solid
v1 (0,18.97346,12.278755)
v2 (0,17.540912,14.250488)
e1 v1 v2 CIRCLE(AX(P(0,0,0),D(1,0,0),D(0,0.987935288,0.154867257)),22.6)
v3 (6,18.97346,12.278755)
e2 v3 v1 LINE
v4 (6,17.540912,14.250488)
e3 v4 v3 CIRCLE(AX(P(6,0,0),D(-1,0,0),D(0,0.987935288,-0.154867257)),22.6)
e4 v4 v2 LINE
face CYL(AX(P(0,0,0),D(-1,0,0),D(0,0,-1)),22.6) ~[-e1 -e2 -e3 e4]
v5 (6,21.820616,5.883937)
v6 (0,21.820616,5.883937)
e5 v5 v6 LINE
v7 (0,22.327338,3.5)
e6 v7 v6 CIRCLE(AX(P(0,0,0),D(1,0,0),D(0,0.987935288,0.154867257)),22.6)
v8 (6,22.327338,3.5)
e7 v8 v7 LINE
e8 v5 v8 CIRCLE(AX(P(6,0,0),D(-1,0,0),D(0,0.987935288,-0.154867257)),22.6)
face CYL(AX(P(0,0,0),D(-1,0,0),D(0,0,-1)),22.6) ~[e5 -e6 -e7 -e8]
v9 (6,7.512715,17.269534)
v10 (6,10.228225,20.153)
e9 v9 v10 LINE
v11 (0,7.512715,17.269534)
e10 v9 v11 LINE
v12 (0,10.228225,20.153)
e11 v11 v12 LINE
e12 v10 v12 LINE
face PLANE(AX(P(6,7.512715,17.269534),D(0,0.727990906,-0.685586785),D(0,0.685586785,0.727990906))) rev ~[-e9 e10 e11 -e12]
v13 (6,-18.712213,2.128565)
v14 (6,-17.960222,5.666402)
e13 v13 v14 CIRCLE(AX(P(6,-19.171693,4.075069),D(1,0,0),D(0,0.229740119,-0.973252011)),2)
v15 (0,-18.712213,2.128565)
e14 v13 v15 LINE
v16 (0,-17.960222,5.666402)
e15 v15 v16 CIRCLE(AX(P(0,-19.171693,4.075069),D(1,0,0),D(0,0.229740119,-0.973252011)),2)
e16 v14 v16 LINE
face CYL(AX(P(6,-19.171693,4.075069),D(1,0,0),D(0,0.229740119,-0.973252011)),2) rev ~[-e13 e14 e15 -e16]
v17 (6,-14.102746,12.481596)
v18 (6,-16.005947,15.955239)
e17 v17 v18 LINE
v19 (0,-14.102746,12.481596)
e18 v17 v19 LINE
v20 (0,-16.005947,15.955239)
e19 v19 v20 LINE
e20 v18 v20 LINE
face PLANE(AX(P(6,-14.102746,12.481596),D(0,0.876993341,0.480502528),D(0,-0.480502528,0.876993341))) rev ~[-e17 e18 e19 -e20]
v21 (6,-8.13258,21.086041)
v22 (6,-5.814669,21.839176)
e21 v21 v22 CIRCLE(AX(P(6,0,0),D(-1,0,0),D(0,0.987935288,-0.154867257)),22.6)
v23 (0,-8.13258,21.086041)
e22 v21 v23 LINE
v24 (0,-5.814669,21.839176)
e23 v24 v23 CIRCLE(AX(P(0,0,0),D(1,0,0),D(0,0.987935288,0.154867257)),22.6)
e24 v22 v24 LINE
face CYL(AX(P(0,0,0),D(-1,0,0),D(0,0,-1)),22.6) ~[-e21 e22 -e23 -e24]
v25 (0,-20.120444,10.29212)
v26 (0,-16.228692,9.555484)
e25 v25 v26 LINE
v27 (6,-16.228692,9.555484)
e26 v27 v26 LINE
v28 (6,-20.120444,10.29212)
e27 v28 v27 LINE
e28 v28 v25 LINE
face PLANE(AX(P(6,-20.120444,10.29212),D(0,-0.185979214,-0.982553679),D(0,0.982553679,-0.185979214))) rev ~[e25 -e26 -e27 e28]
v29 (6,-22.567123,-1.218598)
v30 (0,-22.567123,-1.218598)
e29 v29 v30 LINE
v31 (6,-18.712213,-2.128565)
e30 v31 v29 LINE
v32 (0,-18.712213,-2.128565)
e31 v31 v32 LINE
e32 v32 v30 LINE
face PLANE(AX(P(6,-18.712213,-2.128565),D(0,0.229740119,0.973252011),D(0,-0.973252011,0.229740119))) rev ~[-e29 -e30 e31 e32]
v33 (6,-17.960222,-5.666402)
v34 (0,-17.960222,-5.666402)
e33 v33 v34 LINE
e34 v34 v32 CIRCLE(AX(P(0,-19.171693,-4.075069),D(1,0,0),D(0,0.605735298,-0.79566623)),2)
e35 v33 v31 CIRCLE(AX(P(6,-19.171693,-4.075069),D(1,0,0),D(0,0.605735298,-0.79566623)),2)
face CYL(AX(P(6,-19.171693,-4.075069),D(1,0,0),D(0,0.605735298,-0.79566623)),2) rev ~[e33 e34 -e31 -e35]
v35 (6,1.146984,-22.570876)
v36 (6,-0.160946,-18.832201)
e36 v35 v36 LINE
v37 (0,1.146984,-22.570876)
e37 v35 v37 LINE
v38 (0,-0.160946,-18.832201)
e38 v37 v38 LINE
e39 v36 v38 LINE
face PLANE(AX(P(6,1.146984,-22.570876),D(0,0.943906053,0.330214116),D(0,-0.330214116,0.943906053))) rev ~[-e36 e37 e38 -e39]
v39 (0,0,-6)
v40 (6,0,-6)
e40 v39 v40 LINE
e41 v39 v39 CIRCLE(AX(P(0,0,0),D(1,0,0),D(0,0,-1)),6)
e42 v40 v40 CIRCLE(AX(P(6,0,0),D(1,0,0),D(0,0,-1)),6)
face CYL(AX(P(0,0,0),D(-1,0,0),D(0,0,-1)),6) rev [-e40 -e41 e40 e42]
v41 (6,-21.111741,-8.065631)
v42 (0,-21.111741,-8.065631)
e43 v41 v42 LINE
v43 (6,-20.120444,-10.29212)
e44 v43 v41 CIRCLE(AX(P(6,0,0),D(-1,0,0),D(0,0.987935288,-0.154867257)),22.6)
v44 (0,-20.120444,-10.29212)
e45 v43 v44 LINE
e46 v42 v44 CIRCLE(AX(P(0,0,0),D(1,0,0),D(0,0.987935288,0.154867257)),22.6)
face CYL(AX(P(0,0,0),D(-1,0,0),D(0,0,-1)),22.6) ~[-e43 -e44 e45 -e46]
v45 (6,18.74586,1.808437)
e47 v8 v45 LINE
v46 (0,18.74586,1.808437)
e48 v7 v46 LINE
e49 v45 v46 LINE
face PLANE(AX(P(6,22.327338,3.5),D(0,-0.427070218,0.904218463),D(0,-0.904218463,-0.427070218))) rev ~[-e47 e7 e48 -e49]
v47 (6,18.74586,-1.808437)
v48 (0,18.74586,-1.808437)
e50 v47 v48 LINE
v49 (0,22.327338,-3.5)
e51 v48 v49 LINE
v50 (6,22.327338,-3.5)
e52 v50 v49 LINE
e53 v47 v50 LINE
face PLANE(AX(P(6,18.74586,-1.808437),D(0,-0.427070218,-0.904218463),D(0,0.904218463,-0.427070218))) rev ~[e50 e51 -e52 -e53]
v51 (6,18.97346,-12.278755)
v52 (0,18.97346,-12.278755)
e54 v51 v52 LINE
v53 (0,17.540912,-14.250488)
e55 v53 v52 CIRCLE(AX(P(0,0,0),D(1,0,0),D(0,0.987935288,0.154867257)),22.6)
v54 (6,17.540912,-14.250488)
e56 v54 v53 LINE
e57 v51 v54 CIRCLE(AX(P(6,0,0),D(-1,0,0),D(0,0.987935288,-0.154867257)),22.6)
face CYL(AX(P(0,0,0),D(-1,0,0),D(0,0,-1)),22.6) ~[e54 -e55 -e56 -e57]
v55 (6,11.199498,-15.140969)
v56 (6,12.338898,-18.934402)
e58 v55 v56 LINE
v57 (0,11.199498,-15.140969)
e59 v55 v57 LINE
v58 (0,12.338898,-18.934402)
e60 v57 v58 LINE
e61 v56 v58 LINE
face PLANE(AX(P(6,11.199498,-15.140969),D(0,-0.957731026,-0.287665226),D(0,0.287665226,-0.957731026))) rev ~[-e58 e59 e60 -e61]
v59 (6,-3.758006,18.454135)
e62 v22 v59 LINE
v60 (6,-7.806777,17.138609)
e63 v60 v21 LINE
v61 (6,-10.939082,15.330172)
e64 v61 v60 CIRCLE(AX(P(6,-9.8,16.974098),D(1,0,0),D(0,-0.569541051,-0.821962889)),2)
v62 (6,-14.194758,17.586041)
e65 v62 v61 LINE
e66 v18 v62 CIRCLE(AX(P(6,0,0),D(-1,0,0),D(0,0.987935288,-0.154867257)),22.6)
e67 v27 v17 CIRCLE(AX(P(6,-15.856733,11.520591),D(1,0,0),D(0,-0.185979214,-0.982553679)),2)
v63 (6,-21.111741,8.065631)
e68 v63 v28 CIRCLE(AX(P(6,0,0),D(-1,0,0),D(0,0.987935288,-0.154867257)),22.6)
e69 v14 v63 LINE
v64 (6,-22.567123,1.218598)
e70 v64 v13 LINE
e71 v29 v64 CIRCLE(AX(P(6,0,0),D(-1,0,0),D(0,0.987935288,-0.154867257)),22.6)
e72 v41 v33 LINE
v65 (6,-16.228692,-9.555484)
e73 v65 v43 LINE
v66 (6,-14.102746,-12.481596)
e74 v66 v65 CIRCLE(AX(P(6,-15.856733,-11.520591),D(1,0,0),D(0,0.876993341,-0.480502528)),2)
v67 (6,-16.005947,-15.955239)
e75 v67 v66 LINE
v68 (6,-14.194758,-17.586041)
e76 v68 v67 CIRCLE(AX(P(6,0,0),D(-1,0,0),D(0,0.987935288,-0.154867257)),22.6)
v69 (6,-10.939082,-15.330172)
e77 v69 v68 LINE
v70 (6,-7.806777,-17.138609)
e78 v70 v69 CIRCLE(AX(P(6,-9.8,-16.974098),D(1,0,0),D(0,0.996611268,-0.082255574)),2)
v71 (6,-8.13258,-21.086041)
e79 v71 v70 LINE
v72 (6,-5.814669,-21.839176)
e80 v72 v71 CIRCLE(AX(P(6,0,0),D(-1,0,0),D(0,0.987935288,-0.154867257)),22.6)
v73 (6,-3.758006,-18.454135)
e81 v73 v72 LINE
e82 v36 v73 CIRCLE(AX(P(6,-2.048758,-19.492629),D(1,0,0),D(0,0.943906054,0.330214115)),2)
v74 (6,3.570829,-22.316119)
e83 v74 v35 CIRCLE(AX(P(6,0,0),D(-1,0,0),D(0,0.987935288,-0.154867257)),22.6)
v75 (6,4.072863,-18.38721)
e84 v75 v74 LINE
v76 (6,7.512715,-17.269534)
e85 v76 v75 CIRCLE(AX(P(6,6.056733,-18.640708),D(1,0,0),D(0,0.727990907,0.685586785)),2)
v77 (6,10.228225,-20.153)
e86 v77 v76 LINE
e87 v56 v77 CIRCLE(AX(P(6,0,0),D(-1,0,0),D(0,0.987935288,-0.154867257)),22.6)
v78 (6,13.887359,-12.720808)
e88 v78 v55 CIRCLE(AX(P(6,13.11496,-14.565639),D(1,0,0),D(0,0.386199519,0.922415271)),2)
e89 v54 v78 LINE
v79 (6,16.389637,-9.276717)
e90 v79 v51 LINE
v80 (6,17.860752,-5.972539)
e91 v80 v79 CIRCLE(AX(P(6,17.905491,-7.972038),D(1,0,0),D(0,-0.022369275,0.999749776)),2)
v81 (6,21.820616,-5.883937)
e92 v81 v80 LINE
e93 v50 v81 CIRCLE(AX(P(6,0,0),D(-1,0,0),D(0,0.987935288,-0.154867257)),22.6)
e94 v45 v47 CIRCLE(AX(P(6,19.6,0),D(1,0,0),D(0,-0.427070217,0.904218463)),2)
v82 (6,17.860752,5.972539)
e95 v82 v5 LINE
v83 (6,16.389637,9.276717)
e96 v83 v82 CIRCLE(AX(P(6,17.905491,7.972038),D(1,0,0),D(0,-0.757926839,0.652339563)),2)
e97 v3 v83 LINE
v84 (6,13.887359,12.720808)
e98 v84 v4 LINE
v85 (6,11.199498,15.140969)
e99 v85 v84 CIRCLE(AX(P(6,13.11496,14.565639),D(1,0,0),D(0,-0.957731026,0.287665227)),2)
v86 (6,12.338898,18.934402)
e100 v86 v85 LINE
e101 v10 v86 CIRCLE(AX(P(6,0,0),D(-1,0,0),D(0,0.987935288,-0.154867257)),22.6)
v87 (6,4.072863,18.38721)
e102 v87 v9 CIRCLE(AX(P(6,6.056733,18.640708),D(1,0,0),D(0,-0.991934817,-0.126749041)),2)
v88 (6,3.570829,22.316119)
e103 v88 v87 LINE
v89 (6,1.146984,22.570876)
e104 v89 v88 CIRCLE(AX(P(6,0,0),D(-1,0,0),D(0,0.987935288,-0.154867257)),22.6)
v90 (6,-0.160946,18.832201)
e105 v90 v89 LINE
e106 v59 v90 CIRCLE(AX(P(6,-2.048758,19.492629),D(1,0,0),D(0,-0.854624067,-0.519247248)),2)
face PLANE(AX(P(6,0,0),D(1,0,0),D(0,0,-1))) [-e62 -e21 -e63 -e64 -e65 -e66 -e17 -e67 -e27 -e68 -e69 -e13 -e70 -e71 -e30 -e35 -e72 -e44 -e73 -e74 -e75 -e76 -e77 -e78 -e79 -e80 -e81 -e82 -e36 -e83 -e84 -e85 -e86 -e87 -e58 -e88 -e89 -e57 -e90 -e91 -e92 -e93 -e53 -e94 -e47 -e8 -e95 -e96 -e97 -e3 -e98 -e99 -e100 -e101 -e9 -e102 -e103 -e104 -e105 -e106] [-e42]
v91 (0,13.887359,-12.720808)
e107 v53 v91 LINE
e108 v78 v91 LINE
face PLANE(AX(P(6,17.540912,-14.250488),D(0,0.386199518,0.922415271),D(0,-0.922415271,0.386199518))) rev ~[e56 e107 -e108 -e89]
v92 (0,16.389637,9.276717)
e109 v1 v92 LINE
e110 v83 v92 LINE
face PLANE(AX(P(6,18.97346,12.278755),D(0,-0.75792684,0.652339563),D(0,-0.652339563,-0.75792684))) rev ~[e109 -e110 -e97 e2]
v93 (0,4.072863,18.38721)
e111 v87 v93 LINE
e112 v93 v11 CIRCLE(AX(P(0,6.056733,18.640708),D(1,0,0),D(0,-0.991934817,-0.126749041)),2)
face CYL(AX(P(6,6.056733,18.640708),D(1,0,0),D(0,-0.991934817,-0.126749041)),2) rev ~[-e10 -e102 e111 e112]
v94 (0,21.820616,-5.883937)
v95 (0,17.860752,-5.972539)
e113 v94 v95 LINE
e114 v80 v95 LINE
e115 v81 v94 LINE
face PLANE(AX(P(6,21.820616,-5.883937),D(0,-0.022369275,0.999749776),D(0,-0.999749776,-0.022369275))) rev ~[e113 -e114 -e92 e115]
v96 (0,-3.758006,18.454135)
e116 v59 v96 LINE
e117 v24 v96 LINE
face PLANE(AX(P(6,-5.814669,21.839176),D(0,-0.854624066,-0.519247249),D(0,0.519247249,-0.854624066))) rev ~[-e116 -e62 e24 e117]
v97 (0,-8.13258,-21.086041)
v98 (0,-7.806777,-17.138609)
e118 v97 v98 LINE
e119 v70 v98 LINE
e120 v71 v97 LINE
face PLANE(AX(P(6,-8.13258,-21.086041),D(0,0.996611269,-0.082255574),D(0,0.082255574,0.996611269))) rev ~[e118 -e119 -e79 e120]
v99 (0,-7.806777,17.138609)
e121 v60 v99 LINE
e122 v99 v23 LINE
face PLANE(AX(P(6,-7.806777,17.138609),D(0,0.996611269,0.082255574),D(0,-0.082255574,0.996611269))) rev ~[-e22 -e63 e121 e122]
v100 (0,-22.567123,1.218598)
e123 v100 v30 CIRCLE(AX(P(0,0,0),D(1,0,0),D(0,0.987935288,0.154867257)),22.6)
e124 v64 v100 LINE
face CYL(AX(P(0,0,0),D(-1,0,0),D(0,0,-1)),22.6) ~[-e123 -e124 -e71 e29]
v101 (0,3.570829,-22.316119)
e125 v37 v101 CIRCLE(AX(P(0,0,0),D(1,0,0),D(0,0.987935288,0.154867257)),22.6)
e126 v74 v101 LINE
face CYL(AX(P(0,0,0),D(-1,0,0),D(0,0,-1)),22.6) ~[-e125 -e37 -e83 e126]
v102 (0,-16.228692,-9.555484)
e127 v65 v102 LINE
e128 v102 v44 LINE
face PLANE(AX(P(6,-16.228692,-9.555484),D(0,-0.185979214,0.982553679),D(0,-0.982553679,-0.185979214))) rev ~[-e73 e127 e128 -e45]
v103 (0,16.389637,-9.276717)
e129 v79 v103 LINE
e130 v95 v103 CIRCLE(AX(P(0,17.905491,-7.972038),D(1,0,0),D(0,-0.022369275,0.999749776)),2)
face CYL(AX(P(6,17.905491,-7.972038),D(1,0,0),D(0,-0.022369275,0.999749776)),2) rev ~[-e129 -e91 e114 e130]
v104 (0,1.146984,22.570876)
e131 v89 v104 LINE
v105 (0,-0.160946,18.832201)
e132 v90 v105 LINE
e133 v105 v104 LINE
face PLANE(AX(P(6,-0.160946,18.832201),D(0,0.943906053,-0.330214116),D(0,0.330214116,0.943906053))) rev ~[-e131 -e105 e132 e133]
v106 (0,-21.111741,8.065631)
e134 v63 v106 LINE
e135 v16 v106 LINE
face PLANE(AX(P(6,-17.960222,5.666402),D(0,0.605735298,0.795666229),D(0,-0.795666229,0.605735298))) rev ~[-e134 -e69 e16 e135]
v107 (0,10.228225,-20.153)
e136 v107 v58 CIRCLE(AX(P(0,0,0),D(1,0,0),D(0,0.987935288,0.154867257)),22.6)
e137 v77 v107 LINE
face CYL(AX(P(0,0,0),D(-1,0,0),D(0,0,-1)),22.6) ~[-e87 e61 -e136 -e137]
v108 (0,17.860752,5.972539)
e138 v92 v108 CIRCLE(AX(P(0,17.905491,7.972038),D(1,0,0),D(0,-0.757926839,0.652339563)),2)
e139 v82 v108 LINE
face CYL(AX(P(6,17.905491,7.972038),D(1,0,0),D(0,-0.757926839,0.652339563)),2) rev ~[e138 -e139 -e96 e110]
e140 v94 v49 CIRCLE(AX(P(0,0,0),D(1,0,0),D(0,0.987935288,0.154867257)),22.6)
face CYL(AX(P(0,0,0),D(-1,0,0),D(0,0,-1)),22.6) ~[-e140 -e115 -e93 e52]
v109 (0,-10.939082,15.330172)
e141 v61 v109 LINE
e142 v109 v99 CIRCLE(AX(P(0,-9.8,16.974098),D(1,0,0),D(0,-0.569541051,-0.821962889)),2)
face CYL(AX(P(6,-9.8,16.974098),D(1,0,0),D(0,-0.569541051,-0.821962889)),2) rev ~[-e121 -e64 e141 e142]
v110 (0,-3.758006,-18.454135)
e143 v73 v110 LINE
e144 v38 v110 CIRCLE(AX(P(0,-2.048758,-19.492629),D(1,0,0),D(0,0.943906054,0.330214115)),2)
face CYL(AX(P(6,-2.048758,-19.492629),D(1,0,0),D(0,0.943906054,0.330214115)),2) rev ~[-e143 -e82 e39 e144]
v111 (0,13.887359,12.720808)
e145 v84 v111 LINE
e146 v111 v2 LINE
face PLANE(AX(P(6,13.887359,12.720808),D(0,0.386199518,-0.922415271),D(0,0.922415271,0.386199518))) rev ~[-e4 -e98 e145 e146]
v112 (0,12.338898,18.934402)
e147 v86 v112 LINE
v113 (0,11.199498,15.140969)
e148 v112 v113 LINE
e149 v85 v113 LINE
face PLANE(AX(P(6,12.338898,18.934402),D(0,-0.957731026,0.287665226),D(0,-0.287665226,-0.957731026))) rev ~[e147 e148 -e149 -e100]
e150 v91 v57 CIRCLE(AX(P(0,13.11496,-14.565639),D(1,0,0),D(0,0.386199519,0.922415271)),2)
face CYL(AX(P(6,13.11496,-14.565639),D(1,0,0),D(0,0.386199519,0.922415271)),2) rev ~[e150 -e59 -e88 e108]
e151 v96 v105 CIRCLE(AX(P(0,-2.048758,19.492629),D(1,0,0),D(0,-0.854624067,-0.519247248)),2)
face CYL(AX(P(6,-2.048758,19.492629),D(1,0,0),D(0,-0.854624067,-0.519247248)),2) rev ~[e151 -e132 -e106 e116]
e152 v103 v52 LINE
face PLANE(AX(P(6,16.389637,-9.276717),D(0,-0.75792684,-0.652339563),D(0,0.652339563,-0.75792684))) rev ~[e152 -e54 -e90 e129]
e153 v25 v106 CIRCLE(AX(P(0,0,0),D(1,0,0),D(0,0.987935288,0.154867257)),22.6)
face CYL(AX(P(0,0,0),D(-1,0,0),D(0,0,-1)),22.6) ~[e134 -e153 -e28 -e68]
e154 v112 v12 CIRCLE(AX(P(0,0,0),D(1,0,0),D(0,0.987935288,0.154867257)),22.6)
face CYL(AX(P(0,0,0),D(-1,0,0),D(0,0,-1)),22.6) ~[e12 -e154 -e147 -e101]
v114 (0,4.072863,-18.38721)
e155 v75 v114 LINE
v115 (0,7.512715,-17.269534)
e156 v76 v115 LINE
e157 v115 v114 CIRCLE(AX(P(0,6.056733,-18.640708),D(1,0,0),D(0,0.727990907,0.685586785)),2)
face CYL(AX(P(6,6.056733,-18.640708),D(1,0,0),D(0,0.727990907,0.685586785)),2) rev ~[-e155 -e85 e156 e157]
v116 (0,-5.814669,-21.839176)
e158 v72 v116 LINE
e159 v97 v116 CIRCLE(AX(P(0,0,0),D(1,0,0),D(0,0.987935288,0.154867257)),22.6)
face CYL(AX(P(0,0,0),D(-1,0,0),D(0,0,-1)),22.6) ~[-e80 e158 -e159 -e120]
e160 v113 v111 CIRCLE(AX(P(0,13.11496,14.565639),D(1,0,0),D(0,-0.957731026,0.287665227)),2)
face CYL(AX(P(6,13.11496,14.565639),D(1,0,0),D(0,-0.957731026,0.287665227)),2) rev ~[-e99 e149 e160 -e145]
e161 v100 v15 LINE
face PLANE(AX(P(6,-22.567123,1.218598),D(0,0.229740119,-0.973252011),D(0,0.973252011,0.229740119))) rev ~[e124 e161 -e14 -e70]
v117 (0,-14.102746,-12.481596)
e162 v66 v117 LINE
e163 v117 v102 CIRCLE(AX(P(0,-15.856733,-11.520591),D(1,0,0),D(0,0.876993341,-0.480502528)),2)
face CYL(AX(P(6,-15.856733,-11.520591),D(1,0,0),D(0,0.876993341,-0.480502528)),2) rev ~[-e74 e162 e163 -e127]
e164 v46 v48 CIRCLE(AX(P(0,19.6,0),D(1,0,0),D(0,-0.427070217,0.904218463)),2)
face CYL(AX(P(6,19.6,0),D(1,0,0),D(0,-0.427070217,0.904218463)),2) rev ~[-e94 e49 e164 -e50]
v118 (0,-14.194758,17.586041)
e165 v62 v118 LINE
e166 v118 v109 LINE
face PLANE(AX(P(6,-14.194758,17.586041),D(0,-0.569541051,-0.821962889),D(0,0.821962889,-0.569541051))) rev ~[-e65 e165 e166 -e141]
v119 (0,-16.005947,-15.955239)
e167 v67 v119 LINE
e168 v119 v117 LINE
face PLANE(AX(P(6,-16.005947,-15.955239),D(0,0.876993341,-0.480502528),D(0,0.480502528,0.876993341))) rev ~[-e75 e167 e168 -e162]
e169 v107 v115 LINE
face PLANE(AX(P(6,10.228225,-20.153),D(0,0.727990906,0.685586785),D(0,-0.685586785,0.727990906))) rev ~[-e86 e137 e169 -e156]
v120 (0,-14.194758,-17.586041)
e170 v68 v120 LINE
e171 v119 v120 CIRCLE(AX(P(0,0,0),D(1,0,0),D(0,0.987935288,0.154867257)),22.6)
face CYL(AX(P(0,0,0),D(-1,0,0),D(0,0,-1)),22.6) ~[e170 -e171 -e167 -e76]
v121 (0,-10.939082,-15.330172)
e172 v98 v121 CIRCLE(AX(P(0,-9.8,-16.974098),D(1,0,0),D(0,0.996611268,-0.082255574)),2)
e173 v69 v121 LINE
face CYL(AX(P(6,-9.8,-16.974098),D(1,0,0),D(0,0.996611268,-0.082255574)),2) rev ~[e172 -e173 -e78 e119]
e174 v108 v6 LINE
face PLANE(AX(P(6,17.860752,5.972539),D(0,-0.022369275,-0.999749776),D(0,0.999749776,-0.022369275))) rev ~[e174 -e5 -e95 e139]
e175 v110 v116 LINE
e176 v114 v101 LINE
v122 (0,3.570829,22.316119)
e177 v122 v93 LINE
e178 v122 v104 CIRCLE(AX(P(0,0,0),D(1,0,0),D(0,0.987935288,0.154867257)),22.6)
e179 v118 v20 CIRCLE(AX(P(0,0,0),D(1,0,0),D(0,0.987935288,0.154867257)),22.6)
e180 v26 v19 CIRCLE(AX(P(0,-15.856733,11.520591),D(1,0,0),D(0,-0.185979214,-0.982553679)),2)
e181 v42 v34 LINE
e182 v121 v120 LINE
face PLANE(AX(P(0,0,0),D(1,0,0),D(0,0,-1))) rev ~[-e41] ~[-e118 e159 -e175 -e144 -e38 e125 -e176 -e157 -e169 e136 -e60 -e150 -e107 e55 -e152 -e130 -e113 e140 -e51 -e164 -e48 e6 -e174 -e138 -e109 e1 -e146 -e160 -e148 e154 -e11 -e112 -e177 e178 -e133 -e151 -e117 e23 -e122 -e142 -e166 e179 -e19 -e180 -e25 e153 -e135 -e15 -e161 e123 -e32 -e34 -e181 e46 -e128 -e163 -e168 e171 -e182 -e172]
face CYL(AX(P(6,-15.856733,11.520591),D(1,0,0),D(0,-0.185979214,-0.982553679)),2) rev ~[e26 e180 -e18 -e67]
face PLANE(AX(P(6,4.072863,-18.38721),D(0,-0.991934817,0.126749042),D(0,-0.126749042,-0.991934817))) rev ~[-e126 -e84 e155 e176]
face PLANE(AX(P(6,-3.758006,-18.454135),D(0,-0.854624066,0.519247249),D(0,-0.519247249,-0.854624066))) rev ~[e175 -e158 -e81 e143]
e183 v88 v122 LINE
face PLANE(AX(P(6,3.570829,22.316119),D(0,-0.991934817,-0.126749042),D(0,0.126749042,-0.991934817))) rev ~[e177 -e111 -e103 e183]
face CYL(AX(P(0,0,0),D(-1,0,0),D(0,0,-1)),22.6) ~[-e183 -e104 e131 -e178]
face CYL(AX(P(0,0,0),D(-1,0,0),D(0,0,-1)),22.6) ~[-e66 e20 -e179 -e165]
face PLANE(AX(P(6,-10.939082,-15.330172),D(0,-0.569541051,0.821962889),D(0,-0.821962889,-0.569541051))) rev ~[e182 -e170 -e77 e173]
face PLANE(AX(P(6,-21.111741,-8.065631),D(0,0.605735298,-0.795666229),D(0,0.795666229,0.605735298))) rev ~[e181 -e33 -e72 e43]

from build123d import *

# Parameters (mm, degrees)
SKETCH1_R           = 22.6
SKETCH1_R_2         = 6
BOSS_EXTRUDE1_DEPTH = 6
CUT_EXTRUDE1_DEPTH  = 6
CIRPATTERN1_COUNT   = 15


with BuildPart() as part:
    # Sketch1 → Boss-Extrude1 (new body)
    with BuildSketch(Plane(origin=(0, 0, 0), x_dir=(0, 0, -1), z_dir=(1, 0, 0))):
        Circle(SKETCH1_R)
        Circle(SKETCH1_R_2, mode=Mode.SUBTRACT)
    extrude(amount=BOSS_EXTRUDE1_DEPTH)

    # Sketch2 → Cut-Extrude1 (cut)
    with BuildSketch(Plane(origin=(6, 0, 0), x_dir=(0, 0, -1), z_dir=(1, 0, 0))):
        with BuildLine():
            Line((-3.5, 22.327337504), (-1.808436926, 18.745859565))
            ThreePointArc((-1.808436926, 18.745859565), (0, 17.6), (1.808436926, 18.745859565))
            Line((1.808436926, 18.745859565), (3.5, 22.327337504))
            Line((3.5, 22.327337504), (0, 25.827337504))
            Line((0, 25.827337504), (-3.5, 22.327337504))
        make_face()
    cut_extrude1 = extrude(amount=-CUT_EXTRUDE1_DEPTH, mode=Mode.SUBTRACT)

    # CirPattern1: Cut-Extrude1 ×15 about axis
    cirpattern1_axis = Axis((0, 0, 0), (1, 0, 0))
    for i in range(1, CIRPATTERN1_COUNT):
        add(cut_extrude1.rotate(cirpattern1_axis, i * 360 / CIRPATTERN1_COUNT), mode=Mode.SUBTRACT)


solid = part.part
